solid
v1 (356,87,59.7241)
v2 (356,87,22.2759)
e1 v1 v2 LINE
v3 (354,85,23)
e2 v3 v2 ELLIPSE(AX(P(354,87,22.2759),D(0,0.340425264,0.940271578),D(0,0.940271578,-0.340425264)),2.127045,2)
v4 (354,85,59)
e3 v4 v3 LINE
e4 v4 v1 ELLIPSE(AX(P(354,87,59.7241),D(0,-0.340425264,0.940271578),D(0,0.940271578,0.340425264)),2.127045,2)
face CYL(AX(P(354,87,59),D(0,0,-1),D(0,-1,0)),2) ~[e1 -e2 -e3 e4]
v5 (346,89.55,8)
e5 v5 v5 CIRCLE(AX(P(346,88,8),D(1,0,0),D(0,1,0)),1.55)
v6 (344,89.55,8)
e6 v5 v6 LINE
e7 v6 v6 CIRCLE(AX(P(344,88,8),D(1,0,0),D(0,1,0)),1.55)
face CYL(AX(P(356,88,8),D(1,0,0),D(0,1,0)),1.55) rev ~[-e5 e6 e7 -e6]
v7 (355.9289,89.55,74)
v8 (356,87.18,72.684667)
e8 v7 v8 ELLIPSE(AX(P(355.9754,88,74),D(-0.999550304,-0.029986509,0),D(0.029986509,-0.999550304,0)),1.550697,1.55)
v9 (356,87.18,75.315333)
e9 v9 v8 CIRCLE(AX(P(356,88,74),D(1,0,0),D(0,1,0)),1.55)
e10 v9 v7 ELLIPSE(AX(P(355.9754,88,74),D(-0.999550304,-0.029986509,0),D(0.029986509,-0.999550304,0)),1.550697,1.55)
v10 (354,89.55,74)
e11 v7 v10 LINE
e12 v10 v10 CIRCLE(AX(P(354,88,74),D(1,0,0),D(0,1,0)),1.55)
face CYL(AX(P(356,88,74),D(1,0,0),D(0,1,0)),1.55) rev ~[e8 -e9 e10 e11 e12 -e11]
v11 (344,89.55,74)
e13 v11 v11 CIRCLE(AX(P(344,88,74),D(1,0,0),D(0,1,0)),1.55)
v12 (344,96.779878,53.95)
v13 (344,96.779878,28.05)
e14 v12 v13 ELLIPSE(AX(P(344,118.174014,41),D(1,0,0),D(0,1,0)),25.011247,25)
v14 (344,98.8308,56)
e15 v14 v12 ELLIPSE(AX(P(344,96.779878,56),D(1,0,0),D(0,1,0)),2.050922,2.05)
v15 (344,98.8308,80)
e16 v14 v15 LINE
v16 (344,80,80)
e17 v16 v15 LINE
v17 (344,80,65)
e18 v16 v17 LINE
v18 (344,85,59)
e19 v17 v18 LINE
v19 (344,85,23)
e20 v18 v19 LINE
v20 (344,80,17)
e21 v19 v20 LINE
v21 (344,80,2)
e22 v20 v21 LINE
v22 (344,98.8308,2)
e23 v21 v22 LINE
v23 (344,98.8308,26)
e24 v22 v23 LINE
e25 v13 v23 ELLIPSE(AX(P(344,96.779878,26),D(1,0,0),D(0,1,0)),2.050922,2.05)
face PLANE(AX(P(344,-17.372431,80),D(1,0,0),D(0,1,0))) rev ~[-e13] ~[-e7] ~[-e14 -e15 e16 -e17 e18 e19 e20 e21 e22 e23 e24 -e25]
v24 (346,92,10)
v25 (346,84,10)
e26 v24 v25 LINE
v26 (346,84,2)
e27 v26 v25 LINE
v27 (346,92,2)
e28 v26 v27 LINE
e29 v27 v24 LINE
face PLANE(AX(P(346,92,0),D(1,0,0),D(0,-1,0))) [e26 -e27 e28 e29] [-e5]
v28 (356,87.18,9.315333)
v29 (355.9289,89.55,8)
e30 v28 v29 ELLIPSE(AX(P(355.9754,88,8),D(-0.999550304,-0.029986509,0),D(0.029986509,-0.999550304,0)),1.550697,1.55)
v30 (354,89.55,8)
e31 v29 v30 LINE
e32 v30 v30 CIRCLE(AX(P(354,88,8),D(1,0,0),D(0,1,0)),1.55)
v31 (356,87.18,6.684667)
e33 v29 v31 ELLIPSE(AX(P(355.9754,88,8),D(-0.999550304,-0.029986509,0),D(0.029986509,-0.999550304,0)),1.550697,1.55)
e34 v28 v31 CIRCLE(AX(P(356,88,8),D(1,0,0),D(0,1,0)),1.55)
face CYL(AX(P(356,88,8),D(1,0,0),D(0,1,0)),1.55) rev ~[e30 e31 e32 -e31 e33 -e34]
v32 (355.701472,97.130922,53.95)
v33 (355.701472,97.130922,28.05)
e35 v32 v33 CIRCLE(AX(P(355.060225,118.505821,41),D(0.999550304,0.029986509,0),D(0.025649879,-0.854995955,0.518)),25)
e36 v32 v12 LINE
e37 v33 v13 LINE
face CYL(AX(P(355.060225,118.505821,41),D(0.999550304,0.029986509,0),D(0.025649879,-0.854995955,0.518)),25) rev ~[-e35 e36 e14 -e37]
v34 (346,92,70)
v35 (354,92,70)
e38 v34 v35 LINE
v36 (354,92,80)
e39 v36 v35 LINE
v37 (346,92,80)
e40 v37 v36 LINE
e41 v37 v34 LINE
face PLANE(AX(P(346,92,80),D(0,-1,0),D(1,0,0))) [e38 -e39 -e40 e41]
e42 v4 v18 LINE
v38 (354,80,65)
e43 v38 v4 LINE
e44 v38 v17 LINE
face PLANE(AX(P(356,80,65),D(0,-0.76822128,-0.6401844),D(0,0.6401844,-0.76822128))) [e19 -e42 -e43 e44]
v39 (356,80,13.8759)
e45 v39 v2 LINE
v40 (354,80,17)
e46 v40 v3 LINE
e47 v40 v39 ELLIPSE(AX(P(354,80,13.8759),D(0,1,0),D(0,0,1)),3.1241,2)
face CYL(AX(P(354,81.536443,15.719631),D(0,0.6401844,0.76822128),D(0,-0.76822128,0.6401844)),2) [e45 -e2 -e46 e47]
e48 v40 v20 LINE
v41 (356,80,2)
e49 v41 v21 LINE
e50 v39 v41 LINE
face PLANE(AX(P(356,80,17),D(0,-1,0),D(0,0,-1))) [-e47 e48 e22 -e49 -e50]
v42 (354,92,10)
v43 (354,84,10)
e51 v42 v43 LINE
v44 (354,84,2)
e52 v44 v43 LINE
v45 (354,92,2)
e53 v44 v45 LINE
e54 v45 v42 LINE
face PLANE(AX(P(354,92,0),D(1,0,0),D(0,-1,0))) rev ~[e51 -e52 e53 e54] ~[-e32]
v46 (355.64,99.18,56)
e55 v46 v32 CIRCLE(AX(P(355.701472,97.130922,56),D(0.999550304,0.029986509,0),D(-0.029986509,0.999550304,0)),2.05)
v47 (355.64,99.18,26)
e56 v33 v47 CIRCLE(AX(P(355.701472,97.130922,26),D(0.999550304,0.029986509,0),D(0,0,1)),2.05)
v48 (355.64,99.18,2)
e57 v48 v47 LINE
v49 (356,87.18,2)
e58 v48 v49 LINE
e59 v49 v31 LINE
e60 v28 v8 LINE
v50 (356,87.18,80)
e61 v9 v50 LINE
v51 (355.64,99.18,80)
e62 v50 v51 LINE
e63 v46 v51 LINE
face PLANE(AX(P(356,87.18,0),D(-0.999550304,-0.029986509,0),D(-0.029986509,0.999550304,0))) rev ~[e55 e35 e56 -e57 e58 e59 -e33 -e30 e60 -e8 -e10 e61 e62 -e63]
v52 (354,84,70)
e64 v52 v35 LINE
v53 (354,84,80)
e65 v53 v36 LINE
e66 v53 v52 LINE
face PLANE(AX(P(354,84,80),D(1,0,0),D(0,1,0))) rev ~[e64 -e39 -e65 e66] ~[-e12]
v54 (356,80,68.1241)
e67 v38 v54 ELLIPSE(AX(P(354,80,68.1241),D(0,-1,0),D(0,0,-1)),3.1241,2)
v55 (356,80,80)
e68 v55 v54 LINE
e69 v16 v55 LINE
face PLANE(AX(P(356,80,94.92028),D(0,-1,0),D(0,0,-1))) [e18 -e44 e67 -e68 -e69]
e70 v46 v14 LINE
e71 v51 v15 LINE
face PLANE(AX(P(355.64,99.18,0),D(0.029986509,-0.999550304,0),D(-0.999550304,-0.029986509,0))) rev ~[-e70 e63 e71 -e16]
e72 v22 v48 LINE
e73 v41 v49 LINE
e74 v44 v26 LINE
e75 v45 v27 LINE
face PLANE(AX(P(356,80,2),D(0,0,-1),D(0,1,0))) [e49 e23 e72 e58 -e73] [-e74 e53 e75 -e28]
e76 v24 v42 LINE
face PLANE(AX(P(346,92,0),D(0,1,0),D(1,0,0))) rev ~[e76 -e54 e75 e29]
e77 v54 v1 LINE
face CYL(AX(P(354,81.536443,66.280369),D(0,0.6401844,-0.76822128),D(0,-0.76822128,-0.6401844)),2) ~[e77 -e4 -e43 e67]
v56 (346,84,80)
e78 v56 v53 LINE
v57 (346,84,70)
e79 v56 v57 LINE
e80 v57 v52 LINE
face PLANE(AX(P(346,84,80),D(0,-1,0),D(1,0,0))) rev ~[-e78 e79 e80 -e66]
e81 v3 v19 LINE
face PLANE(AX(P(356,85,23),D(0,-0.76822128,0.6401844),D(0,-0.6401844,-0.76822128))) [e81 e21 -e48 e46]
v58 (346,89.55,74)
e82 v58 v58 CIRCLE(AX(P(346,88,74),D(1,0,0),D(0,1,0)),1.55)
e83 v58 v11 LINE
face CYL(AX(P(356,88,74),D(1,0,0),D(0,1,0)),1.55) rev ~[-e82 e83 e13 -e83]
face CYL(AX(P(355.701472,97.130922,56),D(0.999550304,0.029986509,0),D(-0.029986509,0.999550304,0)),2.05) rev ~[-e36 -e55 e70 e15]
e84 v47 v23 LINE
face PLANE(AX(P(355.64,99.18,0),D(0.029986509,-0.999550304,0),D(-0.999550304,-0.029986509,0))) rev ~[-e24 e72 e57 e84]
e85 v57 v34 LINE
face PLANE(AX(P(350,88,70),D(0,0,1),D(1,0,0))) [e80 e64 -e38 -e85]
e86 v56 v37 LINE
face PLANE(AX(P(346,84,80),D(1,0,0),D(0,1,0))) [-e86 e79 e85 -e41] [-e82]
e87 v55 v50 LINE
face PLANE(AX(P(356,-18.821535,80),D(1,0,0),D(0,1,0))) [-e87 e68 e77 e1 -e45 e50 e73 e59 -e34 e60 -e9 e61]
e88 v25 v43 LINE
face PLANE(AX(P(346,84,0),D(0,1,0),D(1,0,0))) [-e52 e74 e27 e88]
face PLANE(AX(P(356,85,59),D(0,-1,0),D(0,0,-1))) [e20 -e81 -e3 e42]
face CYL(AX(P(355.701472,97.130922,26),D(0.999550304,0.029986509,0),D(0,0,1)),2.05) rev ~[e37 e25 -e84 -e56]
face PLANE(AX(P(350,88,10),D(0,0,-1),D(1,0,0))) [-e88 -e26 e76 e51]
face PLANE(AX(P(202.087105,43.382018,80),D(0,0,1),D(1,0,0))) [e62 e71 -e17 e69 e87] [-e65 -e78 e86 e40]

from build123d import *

# Parameters (mm, degrees)
PAD_DEPTH       = 80
POCKET_DEPTH    = 78
POCKET001_DEPTH = 408.7079232475
POCKET002_DEPTH = 408.4326470939
SKETCH004_W     = 433.609177
SKETCH004_H     = 149.2376851805
SKETCH004_W_2   = 114.034424
SKETCH004_H_2   = 150.6867891805
POCKET003_DEPTH = 80.001
SKETCH005_W     = 8
SKETCH005_H     = 8
POCKET004_DEPTH = 10
SKETCH006_W     = 8
SKETCH006_H     = 8
POCKET005_DEPTH = 10
SKETCH007_R     = 1.55
POCKET006_DEPTH = 12.001
POCKET007_DEPTH = 12.001
FILLET_R        = 2
FILLET001_R     = 2


with BuildPart() as part:
    # Sketch → Pad (new body)
    with BuildSketch(Plane.XY):
        Polygon((450, 0), (450, 90), (356, 87.18), (355.64, 99.18), (343.64, 98.82), (344, 86.82), (6, 76.68), (5.64, 88.6800000001), (-6.36, 88.3200000001), (-6, 76.32), (-50, 75), (-50, 0), align=None)
    extrude(amount=PAD_DEPTH)

    # Sketch001 (on Face14 of Pad) → Pocket (cut)
    with BuildSketch(Plane.XY.offset(80)):
        Polygon((-50, 15), (-50, 74), (450, 74), (450, 0), (356, 2.82), (356.3, 12.82), (344.3, 13.18), (344, 3.18), (6, 13.32), (6.3, 23.32), (-5.7, 23.68), (-6, 13.68), align=None)
    extrude(amount=-POCKET_DEPTH, mode=Mode.SUBTRACT)

    # Sketch002 (on Face26 of Pocket) → Pocket001 (cut, through all)
    with BuildSketch(Plane(origin=(355.5953641722, -10.6678609252, 0), x_dir=(0.0299865091, 0.9995503035, 0), z_dir=(0.9995503035, -0.0299865091, 0))):
        with BuildLine():
            ThreePointArc((23.4984280855, 56), (19.9988591841, 57.4495689014), (21.4484280855, 53.95))
            ThreePointArc((21.4484280855, 53.95), (17.8329435114, 41), (21.4484280855, 28.05))
            ThreePointArc((21.4484280855, 28.05), (19.9988591841, 24.5504310986), (23.4984280855, 26))
            Line((23.4984280855, 26), (23.4984280855, 56))
        make_face()
    extrude(amount=-POCKET001_DEPTH, mode=Mode.SUBTRACT)

    # Sketch003 (on Face14 of Pocket001) → Pocket002 (cut, through all)
    with BuildSketch(Plane(origin=(358.2929363573, 10.7487880907, 0), x_dir=(-0.0299865091, 0.9995503035, 0), z_dir=(0.9995503035, 0.0299865091, 0))):
        with BuildLine():
            ThreePointArc((88.470997005, 56), (84.9714281036, 57.4495689014), (86.420997005, 53.95))
            ThreePointArc((86.420997005, 53.95), (82.8055124309, 41), (86.420997005, 28.05))
            ThreePointArc((86.420997005, 28.05), (84.9714281036, 24.5504310986), (88.470997005, 26))
            Line((88.470997005, 26), (88.470997005, 56))
        make_face()
    extrude(amount=-POCKET002_DEPTH, mode=Mode.SUBTRACT)

    # Sketch004 (on Face7 of Pocket002) → Pocket003 (cut, through all)
    with BuildSketch(Plane.XY.offset(80)):
        with Locations((127.1954115, 57.2464115903)):
            Rectangle(SKETCH004_W, SKETCH004_H)
        with Locations((413.017212, 56.5218595903)):
            Rectangle(SKETCH004_W_2, SKETCH004_H_2)
    extrude(amount=-POCKET003_DEPTH, mode=Mode.SUBTRACT)

    # Sketch005 (on Face8 of Pocket003) → Pocket004 (cut)
    with BuildSketch(Plane.XY.offset(80)):
        with Locations((350, 88)):
            Rectangle(SKETCH005_W, SKETCH005_H)
        with Locations((350, 6)):
            Rectangle(SKETCH005_W, SKETCH005_H)
    extrude(amount=-POCKET004_DEPTH, mode=Mode.SUBTRACT)

    # Sketch006 (on Face1 of Pocket004) → Pocket005 (cut)
    with BuildSketch(Plane(origin=(0, 0, 0), x_dir=(1, 0, 0), z_dir=(0, 0, -1))):
        with Locations((350, -6)):
            Rectangle(SKETCH006_W, SKETCH006_H)
        with Locations((350, -88)):
            Rectangle(SKETCH006_W, SKETCH006_H)
    extrude(amount=-POCKET005_DEPTH, mode=Mode.SUBTRACT)

    # Sketch007 (on Face6 of Pocket005) → Pocket006 (cut, through all)
    with BuildSketch(Plane.YZ.offset(356)):
        with Locations((6, 74)):
            Circle(SKETCH007_R)
        with Locations((88, 74)):
            Circle(SKETCH007_R)
        with Locations((88, 8)):
            Circle(SKETCH007_R)
        with Locations((6, 8)):
            Circle(SKETCH007_R)
    extrude(amount=-POCKET006_DEPTH, mode=Mode.SUBTRACT)

    # Sketch008 (on Face6 of Pocket006) → Pocket007 (cut, through all)
    with BuildSketch(Plane.YZ.offset(356)):
        Polygon((80, 2), (119.955566, 2), (119.955566, -12.384934), (-14.175961, -12.384934), (-14.175961, 94.92028), (80, 94.92028), (80, 65), (85, 59), (85, 23), (80, 17), align=None)
    extrude(amount=-POCKET007_DEPTH, mode=Mode.SUBTRACT)

    # Fillet
    fillet_edges = [part.edges().sort_by_distance(p)[0] for p in [
        (356, 85, 41),
    ]]
    fillet(fillet_edges, radius=FILLET_R)

    # Fillet001
    fillet001_edges = [part.edges().sort_by_distance(p)[0] for p in [
        (356, 82.5, 20),
        (356, 82.5, 62),
    ]]
    fillet(fillet001_edges, radius=FILLET001_R)


solid = part.part
